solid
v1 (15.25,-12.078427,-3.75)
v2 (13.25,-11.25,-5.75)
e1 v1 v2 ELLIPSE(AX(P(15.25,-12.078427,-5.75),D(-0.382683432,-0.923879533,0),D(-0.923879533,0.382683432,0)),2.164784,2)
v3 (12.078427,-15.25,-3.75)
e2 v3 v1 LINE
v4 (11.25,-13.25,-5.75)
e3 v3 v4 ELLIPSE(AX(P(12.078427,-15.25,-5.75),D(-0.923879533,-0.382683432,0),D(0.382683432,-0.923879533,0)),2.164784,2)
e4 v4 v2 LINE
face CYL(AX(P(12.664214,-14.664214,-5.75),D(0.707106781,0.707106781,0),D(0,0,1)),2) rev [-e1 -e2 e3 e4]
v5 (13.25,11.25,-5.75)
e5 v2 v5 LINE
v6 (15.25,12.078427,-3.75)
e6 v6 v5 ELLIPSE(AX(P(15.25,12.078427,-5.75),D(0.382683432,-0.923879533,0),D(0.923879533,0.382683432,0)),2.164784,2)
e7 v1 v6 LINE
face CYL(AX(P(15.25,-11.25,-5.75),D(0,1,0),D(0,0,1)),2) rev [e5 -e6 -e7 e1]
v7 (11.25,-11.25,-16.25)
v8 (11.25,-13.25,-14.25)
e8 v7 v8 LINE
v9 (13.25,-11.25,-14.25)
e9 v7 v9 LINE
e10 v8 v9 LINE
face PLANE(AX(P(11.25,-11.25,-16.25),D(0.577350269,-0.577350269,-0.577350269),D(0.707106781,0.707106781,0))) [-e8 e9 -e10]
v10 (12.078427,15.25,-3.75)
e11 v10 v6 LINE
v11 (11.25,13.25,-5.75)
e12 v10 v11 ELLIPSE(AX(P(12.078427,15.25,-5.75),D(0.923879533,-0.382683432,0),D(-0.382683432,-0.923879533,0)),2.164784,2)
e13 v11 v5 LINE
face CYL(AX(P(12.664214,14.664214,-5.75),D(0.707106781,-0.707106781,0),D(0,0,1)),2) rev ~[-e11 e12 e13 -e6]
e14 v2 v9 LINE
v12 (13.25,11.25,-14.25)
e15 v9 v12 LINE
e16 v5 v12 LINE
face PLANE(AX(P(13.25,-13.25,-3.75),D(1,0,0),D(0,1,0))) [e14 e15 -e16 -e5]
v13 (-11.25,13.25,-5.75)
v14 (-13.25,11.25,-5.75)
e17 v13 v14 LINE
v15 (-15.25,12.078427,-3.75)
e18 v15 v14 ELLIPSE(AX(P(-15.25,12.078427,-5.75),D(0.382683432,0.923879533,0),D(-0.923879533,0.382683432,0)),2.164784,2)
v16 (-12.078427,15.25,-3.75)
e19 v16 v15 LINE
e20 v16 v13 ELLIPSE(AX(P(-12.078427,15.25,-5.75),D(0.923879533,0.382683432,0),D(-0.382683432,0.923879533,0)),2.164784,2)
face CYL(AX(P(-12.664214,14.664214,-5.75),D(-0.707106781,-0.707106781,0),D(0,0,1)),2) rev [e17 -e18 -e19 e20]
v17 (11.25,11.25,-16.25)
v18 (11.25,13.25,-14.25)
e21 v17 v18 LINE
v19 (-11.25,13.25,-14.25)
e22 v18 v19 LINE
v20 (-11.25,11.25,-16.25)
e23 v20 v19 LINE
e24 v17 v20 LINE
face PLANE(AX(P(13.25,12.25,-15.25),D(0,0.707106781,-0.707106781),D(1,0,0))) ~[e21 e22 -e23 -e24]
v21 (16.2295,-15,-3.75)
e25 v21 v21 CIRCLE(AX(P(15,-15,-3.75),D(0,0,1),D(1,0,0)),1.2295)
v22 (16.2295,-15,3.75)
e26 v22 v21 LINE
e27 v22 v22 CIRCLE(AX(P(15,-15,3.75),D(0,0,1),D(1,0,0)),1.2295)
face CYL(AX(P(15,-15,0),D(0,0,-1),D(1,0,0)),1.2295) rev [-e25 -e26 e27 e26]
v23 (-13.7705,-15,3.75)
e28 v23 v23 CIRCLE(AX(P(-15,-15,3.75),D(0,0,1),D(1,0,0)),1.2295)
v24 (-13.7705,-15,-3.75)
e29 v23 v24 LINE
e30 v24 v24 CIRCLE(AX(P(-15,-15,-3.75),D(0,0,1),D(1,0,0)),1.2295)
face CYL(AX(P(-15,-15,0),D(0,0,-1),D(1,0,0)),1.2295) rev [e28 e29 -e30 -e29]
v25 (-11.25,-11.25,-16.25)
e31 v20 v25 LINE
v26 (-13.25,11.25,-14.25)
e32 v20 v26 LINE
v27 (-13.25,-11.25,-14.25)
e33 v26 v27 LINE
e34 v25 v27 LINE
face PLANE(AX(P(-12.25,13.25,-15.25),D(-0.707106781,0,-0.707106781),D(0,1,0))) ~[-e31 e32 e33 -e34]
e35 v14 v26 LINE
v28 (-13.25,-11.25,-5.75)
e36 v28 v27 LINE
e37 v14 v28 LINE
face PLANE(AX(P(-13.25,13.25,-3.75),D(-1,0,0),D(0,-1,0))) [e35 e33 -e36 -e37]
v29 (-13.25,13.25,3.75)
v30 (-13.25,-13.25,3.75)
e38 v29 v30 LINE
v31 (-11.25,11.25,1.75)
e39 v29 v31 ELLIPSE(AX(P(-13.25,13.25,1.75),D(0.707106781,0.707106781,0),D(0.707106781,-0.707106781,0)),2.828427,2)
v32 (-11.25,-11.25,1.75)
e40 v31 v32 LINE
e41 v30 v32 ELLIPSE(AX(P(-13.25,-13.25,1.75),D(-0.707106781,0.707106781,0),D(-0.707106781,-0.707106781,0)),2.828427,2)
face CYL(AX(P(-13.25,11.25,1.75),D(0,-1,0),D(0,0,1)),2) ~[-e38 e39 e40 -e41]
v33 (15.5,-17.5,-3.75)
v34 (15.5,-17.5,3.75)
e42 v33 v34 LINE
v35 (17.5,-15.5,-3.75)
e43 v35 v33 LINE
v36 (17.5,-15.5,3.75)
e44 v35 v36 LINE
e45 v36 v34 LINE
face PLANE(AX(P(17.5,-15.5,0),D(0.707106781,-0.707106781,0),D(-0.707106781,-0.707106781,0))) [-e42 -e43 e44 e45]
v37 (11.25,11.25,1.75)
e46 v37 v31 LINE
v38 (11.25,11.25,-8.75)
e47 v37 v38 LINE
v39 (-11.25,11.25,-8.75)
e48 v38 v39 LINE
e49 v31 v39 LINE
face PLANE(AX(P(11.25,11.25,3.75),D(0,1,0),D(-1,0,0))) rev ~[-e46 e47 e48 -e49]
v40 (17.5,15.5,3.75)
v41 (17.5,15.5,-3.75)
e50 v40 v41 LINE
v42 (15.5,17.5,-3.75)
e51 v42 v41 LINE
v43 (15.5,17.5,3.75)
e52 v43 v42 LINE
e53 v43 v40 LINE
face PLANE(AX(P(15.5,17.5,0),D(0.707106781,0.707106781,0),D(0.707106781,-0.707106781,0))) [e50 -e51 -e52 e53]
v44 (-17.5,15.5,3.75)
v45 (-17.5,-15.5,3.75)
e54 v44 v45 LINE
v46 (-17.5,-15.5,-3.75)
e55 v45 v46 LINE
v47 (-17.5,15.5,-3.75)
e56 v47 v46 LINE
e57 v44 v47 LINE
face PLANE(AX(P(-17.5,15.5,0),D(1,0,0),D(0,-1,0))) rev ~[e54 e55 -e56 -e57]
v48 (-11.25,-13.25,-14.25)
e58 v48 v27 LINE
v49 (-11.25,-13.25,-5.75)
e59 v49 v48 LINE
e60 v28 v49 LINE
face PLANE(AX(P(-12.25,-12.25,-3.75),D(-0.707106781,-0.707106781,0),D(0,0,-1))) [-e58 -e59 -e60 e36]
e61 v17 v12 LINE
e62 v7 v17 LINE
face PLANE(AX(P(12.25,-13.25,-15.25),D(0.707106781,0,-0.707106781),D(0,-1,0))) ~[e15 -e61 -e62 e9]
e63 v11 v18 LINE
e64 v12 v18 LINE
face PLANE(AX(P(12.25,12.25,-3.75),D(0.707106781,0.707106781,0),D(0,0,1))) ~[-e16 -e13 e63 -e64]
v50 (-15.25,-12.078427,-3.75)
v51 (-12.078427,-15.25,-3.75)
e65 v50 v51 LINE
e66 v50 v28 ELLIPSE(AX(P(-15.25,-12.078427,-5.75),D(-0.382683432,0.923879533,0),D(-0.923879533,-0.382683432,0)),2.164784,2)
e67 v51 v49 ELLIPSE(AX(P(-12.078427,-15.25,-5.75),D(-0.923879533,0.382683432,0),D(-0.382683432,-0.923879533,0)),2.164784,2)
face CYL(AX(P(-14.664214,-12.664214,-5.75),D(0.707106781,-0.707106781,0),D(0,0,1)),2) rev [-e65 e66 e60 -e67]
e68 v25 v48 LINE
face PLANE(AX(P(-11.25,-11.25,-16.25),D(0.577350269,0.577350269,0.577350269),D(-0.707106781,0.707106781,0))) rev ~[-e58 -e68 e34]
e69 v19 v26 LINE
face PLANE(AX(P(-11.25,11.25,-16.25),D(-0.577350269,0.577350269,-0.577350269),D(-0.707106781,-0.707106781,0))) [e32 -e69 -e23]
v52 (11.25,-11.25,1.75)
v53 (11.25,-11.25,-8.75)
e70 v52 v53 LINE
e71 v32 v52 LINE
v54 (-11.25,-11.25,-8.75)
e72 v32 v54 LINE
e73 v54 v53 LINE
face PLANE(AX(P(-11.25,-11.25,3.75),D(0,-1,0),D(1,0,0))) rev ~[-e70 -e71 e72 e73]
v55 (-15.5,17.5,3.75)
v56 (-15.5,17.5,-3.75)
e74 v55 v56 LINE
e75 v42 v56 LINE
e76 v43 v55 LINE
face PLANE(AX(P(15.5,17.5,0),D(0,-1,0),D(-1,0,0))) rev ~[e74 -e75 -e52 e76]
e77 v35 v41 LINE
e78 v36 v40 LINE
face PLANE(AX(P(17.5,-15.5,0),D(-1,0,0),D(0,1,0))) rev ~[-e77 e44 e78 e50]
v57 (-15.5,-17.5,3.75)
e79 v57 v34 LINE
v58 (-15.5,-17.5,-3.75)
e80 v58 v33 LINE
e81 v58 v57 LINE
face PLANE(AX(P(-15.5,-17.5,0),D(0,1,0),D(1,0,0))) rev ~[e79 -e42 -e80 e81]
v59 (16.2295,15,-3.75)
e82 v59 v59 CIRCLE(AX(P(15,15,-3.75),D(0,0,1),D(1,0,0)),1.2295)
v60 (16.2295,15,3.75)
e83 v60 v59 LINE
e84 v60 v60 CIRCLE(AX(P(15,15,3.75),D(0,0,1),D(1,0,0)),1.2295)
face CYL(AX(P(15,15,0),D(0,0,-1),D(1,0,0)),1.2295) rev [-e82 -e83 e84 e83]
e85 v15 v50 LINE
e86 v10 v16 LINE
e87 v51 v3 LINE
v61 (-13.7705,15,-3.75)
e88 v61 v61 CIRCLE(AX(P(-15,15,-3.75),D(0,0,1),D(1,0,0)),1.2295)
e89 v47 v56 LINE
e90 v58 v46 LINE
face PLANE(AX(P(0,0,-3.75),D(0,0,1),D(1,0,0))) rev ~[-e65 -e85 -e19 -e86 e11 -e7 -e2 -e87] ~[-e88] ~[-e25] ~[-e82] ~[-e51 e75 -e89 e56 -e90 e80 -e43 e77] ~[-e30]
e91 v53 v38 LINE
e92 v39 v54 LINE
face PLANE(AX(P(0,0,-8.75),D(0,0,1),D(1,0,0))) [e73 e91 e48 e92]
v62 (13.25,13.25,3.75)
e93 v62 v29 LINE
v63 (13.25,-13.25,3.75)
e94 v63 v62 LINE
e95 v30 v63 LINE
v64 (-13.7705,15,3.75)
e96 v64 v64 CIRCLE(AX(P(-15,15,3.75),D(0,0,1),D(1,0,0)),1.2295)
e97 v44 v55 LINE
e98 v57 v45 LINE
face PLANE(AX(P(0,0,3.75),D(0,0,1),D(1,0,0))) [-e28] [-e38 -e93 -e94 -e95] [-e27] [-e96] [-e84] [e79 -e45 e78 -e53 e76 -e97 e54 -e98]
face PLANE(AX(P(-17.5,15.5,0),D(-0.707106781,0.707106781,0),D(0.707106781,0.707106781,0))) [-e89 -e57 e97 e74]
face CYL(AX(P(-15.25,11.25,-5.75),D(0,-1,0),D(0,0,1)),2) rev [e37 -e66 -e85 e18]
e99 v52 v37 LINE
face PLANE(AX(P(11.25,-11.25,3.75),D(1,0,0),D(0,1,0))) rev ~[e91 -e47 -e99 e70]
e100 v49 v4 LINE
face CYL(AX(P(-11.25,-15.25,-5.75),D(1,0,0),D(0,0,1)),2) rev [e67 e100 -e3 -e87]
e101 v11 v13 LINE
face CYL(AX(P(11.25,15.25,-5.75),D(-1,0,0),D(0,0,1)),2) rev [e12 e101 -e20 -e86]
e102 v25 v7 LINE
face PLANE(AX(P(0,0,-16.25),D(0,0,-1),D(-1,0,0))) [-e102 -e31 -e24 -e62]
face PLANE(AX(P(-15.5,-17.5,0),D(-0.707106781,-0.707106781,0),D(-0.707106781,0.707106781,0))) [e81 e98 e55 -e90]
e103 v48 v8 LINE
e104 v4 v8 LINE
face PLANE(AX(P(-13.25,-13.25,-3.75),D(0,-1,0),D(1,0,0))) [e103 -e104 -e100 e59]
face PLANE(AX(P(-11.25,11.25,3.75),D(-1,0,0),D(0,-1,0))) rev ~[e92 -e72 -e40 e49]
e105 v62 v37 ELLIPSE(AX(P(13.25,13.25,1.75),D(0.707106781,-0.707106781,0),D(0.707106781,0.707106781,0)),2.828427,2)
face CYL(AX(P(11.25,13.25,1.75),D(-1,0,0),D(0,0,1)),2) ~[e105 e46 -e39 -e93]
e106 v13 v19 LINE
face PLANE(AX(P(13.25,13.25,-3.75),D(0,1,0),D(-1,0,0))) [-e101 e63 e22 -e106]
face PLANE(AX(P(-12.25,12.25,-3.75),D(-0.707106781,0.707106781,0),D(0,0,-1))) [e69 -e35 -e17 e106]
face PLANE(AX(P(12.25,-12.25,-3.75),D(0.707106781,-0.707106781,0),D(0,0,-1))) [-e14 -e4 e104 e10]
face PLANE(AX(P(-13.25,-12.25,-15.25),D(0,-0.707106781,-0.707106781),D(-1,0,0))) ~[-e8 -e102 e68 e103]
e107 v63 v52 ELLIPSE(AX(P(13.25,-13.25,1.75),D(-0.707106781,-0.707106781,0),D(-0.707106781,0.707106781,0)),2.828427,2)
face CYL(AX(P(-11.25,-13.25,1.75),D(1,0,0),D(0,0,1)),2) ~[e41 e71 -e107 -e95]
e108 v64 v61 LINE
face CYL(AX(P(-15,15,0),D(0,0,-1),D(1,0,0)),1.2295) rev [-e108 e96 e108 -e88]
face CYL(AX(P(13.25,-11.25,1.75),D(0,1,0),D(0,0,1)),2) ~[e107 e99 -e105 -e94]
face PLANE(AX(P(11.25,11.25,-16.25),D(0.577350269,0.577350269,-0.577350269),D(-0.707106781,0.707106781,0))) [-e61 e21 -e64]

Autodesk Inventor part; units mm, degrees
ref_plane "YZ Plane" through (0, 0, 0) normal (1, 0, 0) x (0, 1, 0)
ref_plane "XZ Plane" through (0, 0, 0) normal (0, 1, 0) x (-1, 0, 0)
ref_plane "XY Plane" through (0, 0, 0) normal (0, 0, 1) x (1, 0, 0)
sketch "Sketch1" plane through (0, 0, 0) normal (0, 0, 1) x (1, 0, 0)
  circle A0 centre (15, -15) radius 1.2295
  circle A1 centre (-15, 15) radius 1.2295
  circle A2 centre (15, 15) radius 1.2295
  circle A3 centre (-15, -15) radius 1.2295
  line L0 (-15.5, -17.5) -> (-17.5, -15.5)
  line L1 (-15.5, -17.5) -> (15.5, -17.5)
  line L2 (17.5, -15.5) -> (15.5, -17.5)
  line L3 (17.5, -15.5) -> (17.5, 15.5)
  line L4 (15.5, 17.5) -> (17.5, 15.5)
  line L5 (15.5, 17.5) -> (-15.5, 17.5)
  line L6 (-17.5, 15.5) -> (-15.5, 17.5)
  line L7 (-17.5, 15.5) -> (-17.5, -15.5)
  point P0 (0, 0)
  point P1 (0, 0)
  point P2 (0, 0)
extrude "Extrusion1" add sketch "Sketch1" along normal mid plane 7.5
sketch "Sketch4" plane through (0, 0, -3.75) normal (0, 0, -1) x (-1, 0, 0)
  line L0 (-13.25, 13.25) -> (13.25, 13.25)
  line L1 (13.25, 13.25) -> (13.25, -13.25)
  line L2 (13.25, -13.25) -> (-13.25, -13.25)
  line L3 (-13.25, -13.25) -> (-13.25, 13.25)
  line L4 (-17.5, 15.5) -> (-17.5, -15.5) projected
  line L5 (15.5, 17.5) -> (-15.5, 17.5) projected
  point P0 (0, 0)
  point P1 (-13.25, 0)
  point P2 (0, 13.25)
  dimension "d15" = 4.25
  dimension "d16" = 4.25
extrude "Extrusion4" add sketch "Sketch4" along normal blind 12.5
sketch "Sketch5" plane through (0, 0, 3.75) normal (0, 0, 1) x (1, 0, 0)
  line L0 (13.25, -13.25) -> (-13.25, -13.25) projected
  line L1 (-13.25, -13.25) -> (-13.25, 13.25) projected
  line L2 (-13.25, 13.25) -> (13.25, 13.25) projected
  line L3 (13.25, 13.25) -> (13.25, -13.25) projected
  line L4 (-11.25, -11.25) -> (11.25, -11.25)
  line L5 (11.25, -11.25) -> (11.25, 11.25)
  line L6 (11.25, 11.25) -> (-11.25, 11.25)
  line L7 (-11.25, 11.25) -> (-11.25, -11.25)
  point P0 (0, 0)
  dimension "d19" = 2
extrude "Extrusion5" cut sketch "Sketch5" against normal blind 12.5 contours L7 L6 L5 L4
fillet "Fillet2" radius 2 4 edges at (11.25, 0, 3.75) (-11.25, 0, 3.75) (0, 11.25, 3.75) (0, -11.25, 3.75)
chamfer "Chamfer2" distance 2 angle 45 8 edges at (13.25, -13.25, -10) (13.25, 13.25, -10) (-13.25, -13.25, -10) (-13.25, 13.25, -10) (0, -13.25, -16.25) (13.25, 0, -16.25) (0, 13.25, -16.25) (-13.25, 0, -16.25)
fillet "Fillet3" radius 2 8 edges at (13.25, 0, -3.75) (12.25, 12.25, -3.75) (0, 13.25, -3.75) (-12.25, 12.25, -3.75) (-13.25, 0, -3.75) (-12.25, -12.25, -3.75) (0, -13.25, -3.75) (12.25, -12.25, -3.75)
properties part number "Back cover for servo motor 250 W" material "PBT Plastic"
